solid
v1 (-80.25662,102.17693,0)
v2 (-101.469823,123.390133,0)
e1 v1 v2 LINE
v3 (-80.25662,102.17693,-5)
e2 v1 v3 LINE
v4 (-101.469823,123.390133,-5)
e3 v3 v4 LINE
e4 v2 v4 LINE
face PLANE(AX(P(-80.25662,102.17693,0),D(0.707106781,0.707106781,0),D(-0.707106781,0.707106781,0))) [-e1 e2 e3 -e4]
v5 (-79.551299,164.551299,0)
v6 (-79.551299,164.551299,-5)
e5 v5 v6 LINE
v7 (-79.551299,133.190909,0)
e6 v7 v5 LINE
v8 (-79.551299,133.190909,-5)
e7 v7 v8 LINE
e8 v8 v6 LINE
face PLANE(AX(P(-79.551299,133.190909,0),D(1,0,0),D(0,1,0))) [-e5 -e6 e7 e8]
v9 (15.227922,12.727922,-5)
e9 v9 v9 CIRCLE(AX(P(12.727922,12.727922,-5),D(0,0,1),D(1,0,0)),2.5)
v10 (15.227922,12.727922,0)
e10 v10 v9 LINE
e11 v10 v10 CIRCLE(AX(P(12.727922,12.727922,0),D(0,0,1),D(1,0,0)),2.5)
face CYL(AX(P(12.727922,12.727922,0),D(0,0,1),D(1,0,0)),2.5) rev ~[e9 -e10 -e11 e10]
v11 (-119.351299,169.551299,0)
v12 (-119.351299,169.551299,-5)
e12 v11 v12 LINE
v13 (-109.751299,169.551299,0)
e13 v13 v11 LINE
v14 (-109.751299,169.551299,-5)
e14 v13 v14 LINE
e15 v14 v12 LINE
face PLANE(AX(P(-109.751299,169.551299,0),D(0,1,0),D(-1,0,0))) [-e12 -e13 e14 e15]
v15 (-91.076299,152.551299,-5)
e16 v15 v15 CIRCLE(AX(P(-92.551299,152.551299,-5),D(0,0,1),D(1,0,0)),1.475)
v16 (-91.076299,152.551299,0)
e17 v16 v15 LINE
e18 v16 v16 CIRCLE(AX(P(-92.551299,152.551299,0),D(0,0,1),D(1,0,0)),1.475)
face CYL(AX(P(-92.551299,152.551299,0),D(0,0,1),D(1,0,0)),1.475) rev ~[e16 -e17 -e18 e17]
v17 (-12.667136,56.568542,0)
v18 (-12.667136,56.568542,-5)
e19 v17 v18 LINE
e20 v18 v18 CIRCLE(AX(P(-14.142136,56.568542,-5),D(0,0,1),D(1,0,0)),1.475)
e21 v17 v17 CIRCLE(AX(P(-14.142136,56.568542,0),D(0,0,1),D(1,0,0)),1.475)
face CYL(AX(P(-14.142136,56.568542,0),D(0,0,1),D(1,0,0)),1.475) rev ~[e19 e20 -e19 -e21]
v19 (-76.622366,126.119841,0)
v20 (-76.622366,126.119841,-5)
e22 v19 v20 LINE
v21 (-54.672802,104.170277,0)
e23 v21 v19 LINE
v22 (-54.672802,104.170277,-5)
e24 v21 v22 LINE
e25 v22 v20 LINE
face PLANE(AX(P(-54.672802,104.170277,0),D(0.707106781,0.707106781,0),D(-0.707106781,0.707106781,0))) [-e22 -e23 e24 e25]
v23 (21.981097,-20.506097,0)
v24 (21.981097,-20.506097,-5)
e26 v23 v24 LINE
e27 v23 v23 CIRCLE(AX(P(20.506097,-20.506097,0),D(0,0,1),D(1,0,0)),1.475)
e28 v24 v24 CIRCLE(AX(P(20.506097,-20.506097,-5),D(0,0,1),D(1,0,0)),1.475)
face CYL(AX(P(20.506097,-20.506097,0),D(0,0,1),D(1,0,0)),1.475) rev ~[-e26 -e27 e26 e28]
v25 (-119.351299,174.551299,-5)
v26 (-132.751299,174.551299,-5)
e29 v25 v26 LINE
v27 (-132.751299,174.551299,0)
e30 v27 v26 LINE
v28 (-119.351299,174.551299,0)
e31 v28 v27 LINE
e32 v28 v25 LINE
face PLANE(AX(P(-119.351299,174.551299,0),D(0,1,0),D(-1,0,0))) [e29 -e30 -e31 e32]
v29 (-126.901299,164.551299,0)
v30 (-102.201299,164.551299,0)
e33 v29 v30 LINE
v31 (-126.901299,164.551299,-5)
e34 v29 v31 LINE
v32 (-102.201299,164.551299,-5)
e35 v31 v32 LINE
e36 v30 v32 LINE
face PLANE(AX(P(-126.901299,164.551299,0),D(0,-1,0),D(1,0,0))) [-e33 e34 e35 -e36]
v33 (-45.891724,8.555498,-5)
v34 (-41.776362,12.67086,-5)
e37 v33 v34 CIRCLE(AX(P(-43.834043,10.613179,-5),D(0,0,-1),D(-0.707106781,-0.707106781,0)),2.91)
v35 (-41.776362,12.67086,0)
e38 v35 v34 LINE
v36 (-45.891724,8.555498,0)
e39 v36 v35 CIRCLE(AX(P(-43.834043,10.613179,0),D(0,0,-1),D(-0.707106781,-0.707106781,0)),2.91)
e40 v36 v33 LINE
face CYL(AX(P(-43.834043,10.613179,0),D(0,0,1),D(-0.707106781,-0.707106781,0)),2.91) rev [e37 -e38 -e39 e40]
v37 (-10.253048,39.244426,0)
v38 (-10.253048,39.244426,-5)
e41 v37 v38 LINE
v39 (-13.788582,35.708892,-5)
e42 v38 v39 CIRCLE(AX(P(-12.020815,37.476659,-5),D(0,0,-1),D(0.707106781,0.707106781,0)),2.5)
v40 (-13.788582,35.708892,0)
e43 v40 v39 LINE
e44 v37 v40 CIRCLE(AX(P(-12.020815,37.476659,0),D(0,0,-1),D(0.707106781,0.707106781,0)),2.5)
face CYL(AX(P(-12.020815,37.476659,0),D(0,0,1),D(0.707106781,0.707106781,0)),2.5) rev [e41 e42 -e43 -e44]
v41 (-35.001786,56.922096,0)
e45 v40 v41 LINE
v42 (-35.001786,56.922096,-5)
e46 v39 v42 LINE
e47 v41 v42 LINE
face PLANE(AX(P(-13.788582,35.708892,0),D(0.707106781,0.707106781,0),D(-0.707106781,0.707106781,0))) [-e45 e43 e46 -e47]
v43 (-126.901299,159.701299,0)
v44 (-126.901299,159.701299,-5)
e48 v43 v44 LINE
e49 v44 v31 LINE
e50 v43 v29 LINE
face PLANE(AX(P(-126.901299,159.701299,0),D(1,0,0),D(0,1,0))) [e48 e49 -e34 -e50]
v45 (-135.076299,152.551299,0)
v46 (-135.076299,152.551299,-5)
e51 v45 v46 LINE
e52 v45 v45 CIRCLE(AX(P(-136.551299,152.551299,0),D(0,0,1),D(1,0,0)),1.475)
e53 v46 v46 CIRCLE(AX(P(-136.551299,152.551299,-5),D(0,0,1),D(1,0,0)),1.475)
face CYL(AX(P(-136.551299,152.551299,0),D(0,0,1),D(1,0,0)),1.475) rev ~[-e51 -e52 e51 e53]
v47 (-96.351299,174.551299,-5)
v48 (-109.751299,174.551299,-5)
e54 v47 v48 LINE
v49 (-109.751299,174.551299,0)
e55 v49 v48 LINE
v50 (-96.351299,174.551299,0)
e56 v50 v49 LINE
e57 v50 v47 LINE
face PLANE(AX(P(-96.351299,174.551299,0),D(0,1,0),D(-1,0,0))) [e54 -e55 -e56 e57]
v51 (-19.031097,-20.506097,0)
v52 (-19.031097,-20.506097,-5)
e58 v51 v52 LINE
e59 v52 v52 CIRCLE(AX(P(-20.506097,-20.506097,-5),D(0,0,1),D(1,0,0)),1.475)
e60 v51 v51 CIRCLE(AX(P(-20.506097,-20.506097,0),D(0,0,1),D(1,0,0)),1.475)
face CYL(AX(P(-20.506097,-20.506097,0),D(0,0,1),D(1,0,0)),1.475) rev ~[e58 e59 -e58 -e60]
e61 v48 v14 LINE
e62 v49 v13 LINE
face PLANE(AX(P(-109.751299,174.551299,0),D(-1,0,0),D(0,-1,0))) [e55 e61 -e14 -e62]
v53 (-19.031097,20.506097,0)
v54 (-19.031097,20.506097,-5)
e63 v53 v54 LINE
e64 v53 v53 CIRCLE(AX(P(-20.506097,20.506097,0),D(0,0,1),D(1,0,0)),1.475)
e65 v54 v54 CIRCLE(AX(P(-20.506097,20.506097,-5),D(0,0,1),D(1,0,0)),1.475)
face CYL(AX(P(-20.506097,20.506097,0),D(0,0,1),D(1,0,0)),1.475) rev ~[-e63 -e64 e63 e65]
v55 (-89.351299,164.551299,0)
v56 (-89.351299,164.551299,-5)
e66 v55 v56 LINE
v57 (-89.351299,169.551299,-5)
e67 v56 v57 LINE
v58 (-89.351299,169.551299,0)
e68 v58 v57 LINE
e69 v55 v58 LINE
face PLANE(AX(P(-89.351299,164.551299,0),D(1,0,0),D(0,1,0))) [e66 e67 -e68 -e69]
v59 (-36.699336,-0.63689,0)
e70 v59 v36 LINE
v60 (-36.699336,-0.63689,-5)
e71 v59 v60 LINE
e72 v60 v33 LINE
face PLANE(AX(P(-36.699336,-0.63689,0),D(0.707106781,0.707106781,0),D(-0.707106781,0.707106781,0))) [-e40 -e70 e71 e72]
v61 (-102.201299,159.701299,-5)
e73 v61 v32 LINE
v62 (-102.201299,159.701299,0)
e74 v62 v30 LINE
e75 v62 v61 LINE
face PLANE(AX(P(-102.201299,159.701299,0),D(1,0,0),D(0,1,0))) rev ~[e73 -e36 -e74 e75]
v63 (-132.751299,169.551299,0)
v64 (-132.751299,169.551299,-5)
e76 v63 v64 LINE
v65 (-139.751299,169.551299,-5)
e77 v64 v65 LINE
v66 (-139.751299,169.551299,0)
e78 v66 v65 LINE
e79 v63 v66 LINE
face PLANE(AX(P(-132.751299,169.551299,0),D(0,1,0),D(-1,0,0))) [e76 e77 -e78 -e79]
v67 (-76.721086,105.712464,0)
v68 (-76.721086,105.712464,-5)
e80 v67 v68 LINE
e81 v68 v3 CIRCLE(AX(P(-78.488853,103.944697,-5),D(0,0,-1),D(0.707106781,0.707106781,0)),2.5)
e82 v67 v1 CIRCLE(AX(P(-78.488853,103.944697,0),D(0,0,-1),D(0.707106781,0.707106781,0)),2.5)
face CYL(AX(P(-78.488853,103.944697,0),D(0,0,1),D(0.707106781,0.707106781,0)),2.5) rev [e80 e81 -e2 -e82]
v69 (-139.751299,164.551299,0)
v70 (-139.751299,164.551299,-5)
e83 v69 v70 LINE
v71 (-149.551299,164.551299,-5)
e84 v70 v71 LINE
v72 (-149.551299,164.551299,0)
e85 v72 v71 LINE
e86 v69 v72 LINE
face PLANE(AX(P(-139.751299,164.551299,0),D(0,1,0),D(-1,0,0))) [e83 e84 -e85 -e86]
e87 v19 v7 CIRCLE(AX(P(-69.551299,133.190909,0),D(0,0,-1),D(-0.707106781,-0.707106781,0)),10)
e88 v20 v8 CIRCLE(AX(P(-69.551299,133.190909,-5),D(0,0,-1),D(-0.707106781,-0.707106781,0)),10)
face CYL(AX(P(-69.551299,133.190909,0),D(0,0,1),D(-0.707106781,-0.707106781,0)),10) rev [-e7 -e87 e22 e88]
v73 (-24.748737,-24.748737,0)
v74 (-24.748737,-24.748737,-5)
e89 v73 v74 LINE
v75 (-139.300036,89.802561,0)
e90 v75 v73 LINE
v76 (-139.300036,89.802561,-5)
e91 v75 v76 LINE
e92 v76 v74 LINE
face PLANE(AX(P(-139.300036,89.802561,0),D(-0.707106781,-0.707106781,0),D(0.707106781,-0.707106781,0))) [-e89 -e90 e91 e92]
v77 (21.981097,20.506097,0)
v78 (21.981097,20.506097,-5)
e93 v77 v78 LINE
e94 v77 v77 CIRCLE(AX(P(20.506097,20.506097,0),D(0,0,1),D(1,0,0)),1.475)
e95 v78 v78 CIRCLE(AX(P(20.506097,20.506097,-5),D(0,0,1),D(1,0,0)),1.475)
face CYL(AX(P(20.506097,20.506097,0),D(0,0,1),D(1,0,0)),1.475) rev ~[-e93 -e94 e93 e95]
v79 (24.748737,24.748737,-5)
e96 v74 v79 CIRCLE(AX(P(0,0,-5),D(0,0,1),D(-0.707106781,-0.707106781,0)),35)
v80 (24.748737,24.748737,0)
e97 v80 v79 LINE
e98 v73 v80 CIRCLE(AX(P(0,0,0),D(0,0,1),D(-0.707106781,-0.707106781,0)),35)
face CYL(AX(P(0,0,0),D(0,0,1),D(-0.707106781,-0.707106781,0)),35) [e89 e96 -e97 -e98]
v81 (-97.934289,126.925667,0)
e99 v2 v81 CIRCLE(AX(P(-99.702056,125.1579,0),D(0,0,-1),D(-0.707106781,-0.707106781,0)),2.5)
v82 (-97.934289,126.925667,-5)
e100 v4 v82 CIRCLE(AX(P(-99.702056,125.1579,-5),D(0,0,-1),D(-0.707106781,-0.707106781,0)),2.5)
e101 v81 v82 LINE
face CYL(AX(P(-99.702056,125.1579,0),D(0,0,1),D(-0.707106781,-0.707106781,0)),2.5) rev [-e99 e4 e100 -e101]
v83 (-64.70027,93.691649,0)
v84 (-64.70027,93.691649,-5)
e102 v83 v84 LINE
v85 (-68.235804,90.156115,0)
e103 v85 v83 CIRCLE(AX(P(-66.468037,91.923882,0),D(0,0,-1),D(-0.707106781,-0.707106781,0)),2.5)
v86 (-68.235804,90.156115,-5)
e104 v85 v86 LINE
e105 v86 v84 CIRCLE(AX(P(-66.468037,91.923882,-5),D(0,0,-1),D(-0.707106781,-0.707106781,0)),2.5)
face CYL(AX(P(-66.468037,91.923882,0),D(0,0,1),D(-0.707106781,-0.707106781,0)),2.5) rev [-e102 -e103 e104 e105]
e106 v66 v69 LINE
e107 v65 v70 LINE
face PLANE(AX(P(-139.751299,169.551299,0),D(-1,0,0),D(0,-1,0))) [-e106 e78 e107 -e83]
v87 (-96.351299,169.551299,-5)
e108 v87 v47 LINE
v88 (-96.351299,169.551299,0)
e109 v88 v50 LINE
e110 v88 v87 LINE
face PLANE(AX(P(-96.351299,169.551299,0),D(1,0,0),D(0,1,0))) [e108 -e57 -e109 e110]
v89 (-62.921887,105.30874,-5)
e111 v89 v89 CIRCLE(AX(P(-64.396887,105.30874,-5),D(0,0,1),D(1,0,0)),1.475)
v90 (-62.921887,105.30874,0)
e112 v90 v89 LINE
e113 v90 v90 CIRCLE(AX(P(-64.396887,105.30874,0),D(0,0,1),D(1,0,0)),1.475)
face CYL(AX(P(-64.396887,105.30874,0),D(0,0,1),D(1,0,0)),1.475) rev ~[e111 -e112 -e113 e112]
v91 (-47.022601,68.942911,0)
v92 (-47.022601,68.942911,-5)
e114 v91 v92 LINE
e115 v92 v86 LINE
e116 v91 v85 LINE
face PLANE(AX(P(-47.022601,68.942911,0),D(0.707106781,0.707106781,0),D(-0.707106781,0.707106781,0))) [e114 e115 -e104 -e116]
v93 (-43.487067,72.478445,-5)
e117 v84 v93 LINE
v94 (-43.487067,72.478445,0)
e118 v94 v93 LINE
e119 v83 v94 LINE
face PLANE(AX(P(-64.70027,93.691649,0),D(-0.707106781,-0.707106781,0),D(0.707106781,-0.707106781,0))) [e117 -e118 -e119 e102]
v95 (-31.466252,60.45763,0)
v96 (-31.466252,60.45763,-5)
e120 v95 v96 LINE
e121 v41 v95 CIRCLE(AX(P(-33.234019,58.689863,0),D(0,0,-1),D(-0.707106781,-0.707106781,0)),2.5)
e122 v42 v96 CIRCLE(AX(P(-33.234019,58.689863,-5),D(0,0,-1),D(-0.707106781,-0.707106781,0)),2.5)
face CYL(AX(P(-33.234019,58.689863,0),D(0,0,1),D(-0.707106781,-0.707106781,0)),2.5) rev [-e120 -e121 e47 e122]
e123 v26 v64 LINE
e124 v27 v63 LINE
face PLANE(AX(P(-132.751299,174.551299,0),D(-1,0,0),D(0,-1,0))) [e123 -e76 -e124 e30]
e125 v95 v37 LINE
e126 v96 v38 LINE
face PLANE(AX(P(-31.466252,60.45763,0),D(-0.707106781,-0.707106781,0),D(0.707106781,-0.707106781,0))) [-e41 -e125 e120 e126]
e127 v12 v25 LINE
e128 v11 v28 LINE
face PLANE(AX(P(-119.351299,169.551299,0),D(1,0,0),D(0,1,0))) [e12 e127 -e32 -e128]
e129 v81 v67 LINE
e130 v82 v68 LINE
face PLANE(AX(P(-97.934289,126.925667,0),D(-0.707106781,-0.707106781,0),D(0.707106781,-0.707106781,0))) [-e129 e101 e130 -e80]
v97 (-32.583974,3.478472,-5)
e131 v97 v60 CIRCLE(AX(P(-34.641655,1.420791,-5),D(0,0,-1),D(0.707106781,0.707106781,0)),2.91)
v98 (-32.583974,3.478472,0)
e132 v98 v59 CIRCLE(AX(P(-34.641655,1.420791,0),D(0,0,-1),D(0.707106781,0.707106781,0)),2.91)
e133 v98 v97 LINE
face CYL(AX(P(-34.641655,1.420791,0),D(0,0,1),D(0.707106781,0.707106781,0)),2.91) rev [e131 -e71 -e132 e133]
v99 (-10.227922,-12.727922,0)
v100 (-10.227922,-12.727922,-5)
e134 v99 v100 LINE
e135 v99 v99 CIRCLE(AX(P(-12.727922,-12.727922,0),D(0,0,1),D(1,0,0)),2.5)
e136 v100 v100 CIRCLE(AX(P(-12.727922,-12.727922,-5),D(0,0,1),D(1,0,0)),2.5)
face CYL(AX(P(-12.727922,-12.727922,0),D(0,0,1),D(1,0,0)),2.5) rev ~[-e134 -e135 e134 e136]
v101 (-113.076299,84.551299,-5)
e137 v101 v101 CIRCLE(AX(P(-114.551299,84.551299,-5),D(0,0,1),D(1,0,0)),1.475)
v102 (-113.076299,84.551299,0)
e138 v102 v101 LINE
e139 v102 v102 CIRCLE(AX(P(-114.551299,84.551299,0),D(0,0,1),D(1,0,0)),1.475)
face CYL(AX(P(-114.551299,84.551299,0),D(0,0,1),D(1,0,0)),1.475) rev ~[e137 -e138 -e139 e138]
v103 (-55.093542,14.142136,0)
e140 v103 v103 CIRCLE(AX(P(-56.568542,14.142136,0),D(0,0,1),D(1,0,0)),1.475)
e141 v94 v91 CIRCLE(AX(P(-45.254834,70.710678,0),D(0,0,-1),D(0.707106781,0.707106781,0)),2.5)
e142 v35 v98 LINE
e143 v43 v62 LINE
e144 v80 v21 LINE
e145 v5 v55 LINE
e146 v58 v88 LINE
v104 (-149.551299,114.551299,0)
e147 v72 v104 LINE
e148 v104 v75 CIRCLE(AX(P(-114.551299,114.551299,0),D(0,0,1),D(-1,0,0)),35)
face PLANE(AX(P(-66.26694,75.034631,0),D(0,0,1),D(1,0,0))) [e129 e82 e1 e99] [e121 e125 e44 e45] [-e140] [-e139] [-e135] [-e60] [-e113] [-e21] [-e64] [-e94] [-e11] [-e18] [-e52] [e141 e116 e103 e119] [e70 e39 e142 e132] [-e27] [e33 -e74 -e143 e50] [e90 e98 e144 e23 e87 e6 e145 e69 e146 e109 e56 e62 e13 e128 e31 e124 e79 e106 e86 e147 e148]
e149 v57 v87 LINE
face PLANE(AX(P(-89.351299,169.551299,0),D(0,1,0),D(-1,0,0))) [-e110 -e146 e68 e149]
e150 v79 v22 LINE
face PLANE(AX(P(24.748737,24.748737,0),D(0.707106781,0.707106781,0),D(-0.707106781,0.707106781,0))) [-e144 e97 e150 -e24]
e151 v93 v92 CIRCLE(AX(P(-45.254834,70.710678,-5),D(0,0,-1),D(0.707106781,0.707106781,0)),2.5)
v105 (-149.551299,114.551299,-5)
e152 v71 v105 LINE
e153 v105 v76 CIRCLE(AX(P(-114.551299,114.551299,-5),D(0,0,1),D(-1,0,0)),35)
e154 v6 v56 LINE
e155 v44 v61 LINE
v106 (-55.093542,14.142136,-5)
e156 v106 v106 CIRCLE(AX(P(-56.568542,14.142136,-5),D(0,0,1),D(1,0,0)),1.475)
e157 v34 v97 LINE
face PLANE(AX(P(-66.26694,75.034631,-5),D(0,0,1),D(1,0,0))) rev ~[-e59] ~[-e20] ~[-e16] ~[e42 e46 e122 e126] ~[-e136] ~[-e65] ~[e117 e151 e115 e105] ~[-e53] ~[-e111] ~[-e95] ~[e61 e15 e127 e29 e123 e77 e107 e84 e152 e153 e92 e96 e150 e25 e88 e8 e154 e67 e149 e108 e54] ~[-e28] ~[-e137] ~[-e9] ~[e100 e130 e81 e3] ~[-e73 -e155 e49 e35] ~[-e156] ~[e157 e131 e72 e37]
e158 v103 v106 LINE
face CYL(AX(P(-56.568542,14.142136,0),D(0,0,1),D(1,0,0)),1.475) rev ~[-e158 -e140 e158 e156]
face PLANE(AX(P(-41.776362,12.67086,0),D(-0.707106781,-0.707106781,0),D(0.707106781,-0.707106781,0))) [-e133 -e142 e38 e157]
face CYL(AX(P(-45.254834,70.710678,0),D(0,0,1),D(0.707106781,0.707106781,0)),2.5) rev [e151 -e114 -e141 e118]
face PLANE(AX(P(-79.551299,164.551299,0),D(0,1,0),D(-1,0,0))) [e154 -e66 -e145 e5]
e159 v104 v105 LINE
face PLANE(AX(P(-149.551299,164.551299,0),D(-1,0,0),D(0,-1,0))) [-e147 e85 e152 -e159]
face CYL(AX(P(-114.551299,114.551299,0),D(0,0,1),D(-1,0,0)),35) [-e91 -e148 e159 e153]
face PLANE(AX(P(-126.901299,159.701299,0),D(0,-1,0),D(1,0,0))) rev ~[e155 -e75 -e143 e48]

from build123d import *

# Parameters (mm, degrees)
SKETCH1_R           = 1.475
SKETCH1_R_2         = 2.5
SKETCH1_W           = 24.7
SKETCH1_H           = 4.85
BOSS_EXTRUDE1_DEPTH = 5


with BuildPart() as part:
    # Sketch1 → Boss-Extrude1 (new body)
    with BuildSketch(Plane.XY):
        with BuildLine():
            Line((-139.300035894, 89.802561211), (-24.748737342, -24.748737342))
            ThreePointArc((-24.748737342, -24.748737342), (24.748737342, -24.748737342), (24.748737342, 24.748737342))
            Line((24.748737342, 24.748737342), (-54.672802234, 104.170276917))
            Line((-54.672802234, 104.170276917), (-76.622366364, 126.119841047))
            ThreePointArc((-76.622366364, 126.119841047), (-78.790093877, 129.364074535), (-79.551298552, 133.190908859))
            Line((-79.551298552, 133.190908859), (-79.551298552, 164.551298552))
            Line((-79.551298552, 164.551298552), (-89.351298552, 164.551298552))
            Line((-89.351298552, 164.551298552), (-89.351298552, 169.551298552))
            Line((-89.351298552, 169.551298552), (-96.351298552, 169.551298552))
            Line((-96.351298552, 169.551298552), (-96.351298552, 174.551298552))
            Line((-96.351298552, 174.551298552), (-109.751298552, 174.551298552))
            Line((-109.751298552, 174.551298552), (-109.751298552, 169.551298552))
            Line((-109.751298552, 169.551298552), (-119.351298552, 169.551298552))
            Line((-119.351298552, 169.551298552), (-119.351298552, 174.551298552))
            Line((-119.351298552, 174.551298552), (-132.751298552, 174.551298552))
            Line((-132.751298552, 174.551298552), (-132.751298552, 169.551298552))
            Line((-132.751298552, 169.551298552), (-139.751298552, 169.551298552))
            Line((-139.751298552, 169.551298552), (-139.751298552, 164.551298552))
            Line((-139.751298552, 164.551298552), (-149.551298552, 164.551298552))
            Line((-149.551298552, 164.551298552), (-149.551298552, 114.551298552))
            ThreePointArc((-149.551298552, 114.551298552), (-146.88708219, 101.157378419), (-139.300035894, 89.802561211))
        make_face()
        with Locations((-20.506096654, -20.506096654)):
            Circle(SKETCH1_R, mode=Mode.SUBTRACT)
        with Locations((-12.727922061, -12.727922061)):
            Circle(SKETCH1_R_2, mode=Mode.SUBTRACT)
        with Locations((-56.568542495, 14.142135624)):
            Circle(SKETCH1_R, mode=Mode.SUBTRACT)
        with BuildLine():
            ThreePointArc((-45.891723759, 8.555498392), (-45.891723759, 12.670859859), (-41.776362292, 12.670859859))
            Line((-41.776362292, 12.670859859), (-32.583974137, 3.478471703))
            ThreePointArc((-32.583974137, 3.478471703), (-32.583974137, -0.636889763), (-36.699335604, -0.636889763))
            Line((-36.699335604, -0.636889763), (-45.891723759, 8.555498392))
        make_face(mode=Mode.SUBTRACT)
        with Locations((20.506096654, -20.506096654)):
            Circle(SKETCH1_R, mode=Mode.SUBTRACT)
        with Locations((12.727922061, 12.727922061)):
            Circle(SKETCH1_R_2, mode=Mode.SUBTRACT)
        with Locations((-20.506096654, 20.506096654)):
            Circle(SKETCH1_R, mode=Mode.SUBTRACT)
        with BuildLine():
            ThreePointArc((-35.001785669, 56.922095886), (-35.001785669, 60.457629791), (-31.466251763, 60.457629791))
            Line((-31.466251763, 60.457629791), (-10.253048327, 39.244426356))
            ThreePointArc((-10.253048327, 39.244426356), (-10.253048327, 35.70889245), (-13.788582233, 35.70889245))
            Line((-13.788582233, 35.70889245), (-35.001785669, 56.922095886))
        make_face(mode=Mode.SUBTRACT)
        with Locations((-14.142135624, 56.568542495)):
            Circle(SKETCH1_R, mode=Mode.SUBTRACT)
        with Locations((20.506096654, 20.506096654)):
            Circle(SKETCH1_R, mode=Mode.SUBTRACT)
        with Locations((-114.551298552, 84.551298552)):
            Circle(SKETCH1_R, mode=Mode.SUBTRACT)
        with BuildLine():
            ThreePointArc((-101.4698231, 123.390133317), (-101.4698231, 126.925667223), (-97.934289194, 126.925667223))
            Line((-97.934289194, 126.925667223), (-76.721085759, 105.712463787))
            ThreePointArc((-76.721085759, 105.712463787), (-76.721085759, 102.176929881), (-80.256619665, 102.176929881))
            Line((-80.256619665, 102.176929881), (-101.4698231, 123.390133317))
        make_face(mode=Mode.SUBTRACT)
        with Locations((-64.396887007, 105.308740477)):
            Circle(SKETCH1_R, mode=Mode.SUBTRACT)
        with Locations((-136.551298552, 152.551298552)):
            Circle(SKETCH1_R, mode=Mode.SUBTRACT)
        with Locations((-114.551298552, 162.126298552)):
            Rectangle(SKETCH1_W, SKETCH1_H, mode=Mode.SUBTRACT)
        with Locations((-92.551298552, 152.551298552)):
            Circle(SKETCH1_R, mode=Mode.SUBTRACT)
        with BuildLine():
            ThreePointArc((-68.235804384, 90.156114601), (-68.235804384, 93.691648507), (-64.700270479, 93.691648507))
            Line((-64.700270479, 93.691648507), (-43.487067043, 72.478445072))
            ThreePointArc((-43.487067043, 72.478445072), (-43.487067043, 68.942911166), (-47.022600949, 68.942911166))
            Line((-47.022600949, 68.942911166), (-68.235804384, 90.156114601))
        make_face(mode=Mode.SUBTRACT)
    extrude(amount=-BOSS_EXTRUDE1_DEPTH)


solid = part.part
